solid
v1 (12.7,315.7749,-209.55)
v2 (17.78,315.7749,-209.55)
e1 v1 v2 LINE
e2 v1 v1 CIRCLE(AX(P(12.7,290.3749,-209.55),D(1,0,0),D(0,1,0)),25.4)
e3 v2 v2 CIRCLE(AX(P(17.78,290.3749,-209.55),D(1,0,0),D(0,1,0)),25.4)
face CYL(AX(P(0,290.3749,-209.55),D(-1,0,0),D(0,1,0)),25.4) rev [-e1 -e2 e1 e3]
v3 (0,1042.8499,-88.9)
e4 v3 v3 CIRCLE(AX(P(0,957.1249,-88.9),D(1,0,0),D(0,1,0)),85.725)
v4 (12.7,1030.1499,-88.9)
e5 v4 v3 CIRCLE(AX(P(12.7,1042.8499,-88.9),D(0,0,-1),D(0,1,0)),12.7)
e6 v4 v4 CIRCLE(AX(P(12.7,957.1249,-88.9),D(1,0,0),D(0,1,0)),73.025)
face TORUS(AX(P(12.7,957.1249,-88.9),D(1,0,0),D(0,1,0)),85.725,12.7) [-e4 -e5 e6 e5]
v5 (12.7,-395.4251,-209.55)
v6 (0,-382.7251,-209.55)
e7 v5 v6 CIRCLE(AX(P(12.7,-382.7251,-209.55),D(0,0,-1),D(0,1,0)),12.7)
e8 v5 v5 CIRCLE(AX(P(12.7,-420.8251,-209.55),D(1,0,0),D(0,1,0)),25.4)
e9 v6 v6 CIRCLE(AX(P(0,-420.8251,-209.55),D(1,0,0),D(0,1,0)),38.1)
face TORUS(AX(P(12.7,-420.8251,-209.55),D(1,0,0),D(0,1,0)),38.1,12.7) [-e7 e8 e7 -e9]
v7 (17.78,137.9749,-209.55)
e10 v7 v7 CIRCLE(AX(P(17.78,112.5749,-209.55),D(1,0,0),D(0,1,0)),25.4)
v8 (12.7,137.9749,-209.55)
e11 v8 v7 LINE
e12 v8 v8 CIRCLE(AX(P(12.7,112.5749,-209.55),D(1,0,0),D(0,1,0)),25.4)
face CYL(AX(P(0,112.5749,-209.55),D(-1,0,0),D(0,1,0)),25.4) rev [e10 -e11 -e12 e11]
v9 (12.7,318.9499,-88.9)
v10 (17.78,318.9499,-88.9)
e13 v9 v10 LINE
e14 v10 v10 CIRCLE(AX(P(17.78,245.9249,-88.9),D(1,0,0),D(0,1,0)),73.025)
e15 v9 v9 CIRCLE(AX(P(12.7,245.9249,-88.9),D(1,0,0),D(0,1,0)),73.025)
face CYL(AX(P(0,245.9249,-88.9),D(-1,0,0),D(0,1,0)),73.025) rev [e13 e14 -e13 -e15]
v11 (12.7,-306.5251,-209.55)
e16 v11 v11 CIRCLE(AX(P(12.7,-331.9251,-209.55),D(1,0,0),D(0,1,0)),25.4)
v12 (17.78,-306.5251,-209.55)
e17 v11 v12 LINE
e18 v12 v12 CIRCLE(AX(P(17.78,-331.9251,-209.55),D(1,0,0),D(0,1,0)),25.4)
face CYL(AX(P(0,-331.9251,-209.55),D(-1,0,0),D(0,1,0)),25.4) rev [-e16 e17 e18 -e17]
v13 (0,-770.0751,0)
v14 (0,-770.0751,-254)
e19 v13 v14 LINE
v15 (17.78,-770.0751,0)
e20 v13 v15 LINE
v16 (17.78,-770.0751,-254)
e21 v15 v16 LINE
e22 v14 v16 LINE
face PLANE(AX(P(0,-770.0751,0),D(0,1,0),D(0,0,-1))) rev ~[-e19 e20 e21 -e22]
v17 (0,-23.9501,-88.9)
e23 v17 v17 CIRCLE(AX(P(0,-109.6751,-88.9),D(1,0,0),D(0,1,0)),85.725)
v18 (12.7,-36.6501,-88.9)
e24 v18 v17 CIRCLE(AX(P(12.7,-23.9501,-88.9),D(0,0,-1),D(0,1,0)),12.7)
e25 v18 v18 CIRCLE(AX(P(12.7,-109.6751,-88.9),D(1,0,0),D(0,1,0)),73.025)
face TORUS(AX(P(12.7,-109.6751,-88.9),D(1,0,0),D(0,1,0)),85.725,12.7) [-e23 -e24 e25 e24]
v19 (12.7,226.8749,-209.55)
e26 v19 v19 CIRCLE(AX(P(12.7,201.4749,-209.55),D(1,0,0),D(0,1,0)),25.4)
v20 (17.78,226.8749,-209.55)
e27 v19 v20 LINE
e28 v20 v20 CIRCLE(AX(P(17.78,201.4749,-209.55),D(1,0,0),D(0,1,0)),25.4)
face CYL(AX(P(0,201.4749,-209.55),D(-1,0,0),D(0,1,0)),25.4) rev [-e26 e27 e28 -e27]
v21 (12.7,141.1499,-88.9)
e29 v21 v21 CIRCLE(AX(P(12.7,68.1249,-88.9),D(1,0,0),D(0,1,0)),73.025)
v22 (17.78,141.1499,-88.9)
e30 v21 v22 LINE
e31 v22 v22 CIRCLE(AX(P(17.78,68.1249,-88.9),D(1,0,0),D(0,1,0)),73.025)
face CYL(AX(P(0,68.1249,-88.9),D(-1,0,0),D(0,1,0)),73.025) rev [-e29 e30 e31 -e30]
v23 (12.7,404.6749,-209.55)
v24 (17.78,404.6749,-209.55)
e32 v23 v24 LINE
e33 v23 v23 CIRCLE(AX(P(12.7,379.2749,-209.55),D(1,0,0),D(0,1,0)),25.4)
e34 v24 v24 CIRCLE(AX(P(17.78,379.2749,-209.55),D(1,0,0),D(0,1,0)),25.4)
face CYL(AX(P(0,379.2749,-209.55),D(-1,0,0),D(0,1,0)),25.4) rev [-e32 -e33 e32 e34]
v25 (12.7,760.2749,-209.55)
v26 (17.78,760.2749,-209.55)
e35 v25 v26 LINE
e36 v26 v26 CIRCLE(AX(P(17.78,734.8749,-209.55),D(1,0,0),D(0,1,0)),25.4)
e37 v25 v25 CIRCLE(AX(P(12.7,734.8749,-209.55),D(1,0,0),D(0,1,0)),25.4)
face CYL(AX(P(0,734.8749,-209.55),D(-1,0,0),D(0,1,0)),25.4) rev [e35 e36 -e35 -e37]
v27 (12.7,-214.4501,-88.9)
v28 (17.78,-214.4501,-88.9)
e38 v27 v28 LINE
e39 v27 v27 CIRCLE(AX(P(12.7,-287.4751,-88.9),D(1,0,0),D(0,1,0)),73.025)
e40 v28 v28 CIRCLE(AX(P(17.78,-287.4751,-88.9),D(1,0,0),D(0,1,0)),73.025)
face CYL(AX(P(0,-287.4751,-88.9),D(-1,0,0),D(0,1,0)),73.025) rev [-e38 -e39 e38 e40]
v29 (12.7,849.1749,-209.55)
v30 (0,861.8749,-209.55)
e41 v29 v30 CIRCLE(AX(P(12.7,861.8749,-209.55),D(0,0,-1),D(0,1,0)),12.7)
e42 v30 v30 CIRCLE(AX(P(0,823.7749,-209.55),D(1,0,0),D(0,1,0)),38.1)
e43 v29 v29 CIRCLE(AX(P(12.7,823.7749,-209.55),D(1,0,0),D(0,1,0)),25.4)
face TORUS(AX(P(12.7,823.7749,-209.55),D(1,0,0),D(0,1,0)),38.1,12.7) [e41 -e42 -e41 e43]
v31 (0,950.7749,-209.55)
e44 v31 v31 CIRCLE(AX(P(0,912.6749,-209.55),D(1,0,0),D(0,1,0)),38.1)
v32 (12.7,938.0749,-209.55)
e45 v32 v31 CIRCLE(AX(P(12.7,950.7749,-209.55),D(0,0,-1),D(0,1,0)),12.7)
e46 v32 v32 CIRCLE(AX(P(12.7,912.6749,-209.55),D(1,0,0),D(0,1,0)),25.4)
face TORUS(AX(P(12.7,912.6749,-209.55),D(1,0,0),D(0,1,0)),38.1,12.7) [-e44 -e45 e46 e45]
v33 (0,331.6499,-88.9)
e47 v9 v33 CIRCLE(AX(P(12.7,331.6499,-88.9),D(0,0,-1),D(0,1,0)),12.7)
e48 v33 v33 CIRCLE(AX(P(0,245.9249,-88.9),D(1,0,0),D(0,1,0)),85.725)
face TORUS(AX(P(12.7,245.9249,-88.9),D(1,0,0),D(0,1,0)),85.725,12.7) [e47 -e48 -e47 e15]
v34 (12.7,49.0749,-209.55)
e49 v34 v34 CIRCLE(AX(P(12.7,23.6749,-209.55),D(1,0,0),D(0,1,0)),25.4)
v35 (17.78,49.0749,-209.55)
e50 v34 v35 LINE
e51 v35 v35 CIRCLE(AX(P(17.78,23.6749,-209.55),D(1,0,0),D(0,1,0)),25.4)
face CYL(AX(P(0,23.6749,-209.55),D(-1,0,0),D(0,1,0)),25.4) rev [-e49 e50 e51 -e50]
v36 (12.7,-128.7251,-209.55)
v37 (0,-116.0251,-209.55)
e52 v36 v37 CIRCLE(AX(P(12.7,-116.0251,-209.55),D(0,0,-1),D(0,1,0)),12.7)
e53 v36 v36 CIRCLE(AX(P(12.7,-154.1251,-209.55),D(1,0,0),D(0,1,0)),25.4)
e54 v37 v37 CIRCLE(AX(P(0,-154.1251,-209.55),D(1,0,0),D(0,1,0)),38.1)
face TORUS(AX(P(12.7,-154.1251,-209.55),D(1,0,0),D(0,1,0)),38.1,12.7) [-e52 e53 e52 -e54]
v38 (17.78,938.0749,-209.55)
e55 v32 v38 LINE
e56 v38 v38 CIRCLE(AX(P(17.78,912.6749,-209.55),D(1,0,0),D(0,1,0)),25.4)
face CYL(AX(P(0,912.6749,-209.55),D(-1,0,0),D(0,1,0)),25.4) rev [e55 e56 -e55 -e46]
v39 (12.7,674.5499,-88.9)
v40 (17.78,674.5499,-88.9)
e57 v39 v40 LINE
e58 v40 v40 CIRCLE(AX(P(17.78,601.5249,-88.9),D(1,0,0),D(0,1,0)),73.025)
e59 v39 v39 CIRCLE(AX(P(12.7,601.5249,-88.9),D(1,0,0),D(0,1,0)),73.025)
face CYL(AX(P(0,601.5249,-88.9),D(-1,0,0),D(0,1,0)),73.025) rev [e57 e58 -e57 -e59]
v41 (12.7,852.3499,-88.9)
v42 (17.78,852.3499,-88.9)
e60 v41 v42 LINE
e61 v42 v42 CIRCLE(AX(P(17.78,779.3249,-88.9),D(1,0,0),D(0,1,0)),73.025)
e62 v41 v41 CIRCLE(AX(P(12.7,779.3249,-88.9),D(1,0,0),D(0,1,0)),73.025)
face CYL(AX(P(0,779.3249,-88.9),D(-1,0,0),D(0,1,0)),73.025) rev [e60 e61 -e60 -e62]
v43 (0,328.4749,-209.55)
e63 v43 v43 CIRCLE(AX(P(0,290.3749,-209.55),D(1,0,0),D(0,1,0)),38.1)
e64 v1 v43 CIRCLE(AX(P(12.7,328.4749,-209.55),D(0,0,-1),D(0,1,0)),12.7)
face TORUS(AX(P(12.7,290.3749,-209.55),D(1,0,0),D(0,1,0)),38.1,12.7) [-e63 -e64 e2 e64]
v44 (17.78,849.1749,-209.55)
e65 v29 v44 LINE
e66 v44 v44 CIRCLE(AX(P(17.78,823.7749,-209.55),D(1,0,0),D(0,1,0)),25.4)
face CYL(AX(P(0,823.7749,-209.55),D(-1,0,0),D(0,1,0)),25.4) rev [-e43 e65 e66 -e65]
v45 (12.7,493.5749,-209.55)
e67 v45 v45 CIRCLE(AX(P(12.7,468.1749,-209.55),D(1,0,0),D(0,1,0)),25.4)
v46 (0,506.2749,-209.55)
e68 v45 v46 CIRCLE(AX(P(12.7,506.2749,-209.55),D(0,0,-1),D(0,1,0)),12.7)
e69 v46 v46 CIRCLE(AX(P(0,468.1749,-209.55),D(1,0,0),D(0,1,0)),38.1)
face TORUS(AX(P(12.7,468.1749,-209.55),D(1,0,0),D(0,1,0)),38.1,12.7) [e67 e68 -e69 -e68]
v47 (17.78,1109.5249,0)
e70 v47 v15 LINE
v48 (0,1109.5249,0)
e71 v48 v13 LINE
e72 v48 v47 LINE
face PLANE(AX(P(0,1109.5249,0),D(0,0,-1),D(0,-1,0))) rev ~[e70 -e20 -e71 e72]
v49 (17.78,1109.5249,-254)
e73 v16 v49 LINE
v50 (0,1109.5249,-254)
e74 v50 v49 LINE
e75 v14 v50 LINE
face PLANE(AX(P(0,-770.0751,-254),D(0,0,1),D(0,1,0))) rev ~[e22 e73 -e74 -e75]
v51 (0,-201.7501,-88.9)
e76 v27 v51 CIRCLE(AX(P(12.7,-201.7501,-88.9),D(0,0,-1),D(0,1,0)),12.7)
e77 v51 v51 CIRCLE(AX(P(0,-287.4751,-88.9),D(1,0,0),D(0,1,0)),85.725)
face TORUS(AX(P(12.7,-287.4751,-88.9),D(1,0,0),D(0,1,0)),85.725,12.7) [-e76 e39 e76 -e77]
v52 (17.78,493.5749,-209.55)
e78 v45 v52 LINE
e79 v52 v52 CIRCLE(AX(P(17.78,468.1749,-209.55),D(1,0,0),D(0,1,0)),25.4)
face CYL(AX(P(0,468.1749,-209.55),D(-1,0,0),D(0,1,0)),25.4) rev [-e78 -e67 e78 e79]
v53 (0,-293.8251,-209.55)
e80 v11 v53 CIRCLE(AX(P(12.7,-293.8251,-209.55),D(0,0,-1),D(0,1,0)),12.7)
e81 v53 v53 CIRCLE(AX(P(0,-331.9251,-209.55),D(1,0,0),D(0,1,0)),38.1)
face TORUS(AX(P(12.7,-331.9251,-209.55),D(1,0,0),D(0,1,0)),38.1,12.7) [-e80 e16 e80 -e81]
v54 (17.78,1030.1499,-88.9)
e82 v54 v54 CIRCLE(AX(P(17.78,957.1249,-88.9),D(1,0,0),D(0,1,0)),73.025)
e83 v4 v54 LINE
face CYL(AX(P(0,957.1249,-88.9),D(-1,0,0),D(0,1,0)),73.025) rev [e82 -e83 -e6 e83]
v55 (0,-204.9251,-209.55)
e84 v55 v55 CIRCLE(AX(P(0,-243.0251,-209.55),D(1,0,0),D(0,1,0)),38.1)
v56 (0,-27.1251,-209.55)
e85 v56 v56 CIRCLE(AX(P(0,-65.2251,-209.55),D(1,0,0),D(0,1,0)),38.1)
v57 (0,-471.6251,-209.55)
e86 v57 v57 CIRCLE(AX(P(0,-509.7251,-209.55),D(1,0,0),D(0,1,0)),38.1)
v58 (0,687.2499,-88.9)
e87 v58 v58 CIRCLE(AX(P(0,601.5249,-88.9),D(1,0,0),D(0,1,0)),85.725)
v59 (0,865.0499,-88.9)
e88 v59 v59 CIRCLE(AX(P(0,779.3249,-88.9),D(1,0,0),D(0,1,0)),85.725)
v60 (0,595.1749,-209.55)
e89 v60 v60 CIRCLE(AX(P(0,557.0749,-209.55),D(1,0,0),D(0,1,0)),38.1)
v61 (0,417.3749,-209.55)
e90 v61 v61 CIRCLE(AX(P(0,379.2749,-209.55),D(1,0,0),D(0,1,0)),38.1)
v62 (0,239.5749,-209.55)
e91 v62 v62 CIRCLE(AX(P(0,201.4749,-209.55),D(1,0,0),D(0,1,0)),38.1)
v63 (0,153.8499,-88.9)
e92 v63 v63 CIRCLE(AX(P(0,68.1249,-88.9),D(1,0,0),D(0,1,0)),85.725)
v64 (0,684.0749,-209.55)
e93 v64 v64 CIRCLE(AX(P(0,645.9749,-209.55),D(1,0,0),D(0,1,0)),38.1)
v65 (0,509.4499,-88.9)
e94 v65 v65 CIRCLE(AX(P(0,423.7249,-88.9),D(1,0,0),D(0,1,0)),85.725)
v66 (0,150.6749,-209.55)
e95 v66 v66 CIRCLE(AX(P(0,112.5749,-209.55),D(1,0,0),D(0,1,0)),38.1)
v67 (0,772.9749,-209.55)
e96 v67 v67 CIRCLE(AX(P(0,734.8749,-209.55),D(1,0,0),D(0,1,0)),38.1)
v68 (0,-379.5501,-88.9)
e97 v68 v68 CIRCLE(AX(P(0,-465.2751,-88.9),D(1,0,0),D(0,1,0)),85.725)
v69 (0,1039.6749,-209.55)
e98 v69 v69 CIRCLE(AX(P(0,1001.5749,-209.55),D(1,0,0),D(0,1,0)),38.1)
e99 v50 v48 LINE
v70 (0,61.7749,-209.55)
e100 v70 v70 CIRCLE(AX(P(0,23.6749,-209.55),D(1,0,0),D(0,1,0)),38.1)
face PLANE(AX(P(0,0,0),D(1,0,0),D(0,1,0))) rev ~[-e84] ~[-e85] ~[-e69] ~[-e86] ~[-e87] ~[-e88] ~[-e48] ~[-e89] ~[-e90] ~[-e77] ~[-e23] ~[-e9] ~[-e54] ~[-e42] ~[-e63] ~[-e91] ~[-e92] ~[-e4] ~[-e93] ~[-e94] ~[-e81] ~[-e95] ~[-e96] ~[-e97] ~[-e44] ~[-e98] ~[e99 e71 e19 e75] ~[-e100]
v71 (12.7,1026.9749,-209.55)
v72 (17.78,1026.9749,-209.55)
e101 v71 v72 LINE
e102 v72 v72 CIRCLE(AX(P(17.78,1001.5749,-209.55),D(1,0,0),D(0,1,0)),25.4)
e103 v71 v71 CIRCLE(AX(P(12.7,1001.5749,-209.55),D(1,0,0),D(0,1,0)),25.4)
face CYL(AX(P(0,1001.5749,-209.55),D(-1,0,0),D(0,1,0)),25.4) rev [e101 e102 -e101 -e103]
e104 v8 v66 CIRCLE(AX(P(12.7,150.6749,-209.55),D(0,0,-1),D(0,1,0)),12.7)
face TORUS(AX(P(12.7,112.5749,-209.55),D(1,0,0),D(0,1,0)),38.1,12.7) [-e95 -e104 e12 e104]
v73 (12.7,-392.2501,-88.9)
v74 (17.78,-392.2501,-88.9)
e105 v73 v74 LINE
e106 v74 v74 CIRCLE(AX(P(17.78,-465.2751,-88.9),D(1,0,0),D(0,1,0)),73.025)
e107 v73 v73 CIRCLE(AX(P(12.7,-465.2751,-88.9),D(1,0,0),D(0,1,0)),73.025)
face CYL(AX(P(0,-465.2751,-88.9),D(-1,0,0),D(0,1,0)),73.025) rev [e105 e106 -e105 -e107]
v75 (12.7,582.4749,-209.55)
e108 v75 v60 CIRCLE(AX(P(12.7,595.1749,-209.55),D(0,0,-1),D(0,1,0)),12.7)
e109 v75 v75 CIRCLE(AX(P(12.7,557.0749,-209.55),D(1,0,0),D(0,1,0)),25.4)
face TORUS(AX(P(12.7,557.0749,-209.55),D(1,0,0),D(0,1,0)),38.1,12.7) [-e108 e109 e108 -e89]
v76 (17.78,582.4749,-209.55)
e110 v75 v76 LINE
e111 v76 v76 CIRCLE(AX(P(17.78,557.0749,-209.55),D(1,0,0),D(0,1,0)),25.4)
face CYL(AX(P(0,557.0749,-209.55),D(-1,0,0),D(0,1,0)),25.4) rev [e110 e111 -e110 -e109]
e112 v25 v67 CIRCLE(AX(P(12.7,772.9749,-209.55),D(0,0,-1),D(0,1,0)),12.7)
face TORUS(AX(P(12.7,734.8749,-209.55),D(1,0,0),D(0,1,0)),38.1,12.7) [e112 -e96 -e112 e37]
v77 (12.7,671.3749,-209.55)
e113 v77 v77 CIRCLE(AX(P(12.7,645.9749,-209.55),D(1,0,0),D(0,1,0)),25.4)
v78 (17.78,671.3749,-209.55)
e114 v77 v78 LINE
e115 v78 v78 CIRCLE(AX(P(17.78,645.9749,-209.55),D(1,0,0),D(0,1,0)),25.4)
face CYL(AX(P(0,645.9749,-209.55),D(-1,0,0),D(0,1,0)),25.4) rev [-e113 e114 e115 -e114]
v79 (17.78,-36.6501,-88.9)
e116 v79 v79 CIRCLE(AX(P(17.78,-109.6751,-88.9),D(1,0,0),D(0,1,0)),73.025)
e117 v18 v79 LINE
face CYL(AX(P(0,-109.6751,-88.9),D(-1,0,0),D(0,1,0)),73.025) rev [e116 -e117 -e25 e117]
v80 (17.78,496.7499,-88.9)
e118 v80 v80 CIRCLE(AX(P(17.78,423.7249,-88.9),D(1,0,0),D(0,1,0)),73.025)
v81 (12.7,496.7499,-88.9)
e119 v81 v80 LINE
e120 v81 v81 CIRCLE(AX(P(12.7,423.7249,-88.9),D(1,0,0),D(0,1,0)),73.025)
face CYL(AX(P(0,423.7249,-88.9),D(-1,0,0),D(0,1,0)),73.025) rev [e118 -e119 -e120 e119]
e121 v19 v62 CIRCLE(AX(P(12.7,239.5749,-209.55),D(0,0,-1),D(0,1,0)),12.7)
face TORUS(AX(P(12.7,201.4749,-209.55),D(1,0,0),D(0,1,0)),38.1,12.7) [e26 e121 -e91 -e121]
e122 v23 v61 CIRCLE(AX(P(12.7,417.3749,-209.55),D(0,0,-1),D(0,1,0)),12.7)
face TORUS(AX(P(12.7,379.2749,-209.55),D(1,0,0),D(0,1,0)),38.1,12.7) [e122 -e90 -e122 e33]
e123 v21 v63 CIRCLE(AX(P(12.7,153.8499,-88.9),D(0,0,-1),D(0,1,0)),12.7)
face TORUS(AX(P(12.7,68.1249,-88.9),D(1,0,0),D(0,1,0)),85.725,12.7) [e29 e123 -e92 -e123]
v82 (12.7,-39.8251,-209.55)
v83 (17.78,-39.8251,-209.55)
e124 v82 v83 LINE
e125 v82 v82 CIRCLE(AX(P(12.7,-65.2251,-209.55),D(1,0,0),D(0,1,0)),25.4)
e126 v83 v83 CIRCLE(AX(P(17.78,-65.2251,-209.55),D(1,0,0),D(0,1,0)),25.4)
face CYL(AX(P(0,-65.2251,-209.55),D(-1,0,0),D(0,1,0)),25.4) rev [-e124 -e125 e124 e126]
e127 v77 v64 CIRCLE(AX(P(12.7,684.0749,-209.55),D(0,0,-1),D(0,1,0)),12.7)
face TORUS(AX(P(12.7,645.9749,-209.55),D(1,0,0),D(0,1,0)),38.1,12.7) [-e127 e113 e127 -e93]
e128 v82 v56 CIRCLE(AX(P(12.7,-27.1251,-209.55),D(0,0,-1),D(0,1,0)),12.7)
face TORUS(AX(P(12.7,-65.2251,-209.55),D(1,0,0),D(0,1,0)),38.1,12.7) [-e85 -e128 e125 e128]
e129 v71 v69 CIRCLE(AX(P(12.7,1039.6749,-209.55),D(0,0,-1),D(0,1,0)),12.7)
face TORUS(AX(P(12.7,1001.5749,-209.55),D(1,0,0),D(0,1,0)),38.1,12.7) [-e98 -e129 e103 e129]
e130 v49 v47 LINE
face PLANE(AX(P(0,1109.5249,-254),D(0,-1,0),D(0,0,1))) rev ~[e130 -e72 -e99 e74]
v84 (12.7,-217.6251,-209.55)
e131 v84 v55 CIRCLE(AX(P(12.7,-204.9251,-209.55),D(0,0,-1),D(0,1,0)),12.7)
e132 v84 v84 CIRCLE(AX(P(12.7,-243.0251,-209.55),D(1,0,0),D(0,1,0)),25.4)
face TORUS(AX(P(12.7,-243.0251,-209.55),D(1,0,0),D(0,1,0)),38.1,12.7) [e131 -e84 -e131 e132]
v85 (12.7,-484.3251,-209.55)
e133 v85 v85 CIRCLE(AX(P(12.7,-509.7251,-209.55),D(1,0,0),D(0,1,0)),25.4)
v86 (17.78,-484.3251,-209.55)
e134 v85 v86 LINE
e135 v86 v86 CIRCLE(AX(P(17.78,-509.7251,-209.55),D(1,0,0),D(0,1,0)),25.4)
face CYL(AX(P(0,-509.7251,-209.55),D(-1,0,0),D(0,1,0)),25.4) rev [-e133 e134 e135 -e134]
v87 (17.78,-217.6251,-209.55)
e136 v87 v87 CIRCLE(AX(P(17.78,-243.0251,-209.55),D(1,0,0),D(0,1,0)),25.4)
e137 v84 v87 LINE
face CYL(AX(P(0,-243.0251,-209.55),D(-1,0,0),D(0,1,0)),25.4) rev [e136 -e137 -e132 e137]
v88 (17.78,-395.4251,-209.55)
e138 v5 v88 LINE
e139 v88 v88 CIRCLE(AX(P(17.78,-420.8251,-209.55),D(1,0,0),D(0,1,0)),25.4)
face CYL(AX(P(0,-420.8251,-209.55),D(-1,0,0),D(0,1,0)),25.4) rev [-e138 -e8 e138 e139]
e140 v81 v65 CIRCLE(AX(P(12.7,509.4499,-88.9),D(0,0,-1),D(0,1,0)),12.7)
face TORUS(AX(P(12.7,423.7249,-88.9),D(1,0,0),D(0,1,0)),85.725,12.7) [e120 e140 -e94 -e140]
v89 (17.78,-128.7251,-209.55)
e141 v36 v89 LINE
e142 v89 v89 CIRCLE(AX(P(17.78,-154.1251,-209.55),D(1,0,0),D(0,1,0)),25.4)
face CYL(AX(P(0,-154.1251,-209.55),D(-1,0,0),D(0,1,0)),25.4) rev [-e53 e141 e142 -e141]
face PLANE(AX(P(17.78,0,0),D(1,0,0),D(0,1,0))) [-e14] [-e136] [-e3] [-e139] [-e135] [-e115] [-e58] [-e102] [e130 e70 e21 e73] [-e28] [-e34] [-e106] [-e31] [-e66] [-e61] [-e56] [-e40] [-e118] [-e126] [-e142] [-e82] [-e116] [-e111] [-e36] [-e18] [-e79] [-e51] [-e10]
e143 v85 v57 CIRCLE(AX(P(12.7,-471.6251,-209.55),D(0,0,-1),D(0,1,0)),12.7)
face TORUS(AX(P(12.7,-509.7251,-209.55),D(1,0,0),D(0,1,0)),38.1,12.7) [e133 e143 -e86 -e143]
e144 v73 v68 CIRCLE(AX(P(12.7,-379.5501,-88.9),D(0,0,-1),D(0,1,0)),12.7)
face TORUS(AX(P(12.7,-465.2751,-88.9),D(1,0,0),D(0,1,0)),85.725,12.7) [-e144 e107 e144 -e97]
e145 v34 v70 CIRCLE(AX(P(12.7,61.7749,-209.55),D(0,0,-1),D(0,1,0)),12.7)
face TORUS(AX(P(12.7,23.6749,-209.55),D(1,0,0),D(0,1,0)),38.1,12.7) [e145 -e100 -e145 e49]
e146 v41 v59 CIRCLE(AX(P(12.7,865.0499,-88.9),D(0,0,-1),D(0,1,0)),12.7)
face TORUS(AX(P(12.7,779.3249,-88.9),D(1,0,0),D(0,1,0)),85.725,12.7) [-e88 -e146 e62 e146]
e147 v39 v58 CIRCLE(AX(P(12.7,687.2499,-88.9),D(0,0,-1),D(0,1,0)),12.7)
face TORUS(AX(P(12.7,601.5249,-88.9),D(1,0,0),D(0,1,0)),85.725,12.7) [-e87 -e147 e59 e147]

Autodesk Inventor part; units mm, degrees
ref_plane "YZ Plane" through (0, 0, 0) normal (1, 0, 0) x (0, 1, 0)
ref_plane "XZ Plane" through (0, 0, 0) normal (0, 1, 0) x (-1, 0, 0)
ref_plane "XY Plane" through (0, 0, 0) normal (0, 0, 1) x (1, 0, 0)
sketch "Sketch1" plane through (0, 0, 0) normal (1, 0, 0) x (0, 1, 0)
  line L0 (1109.5249, 0) -> (-770.0751, 0)
  line L1 (-770.0751, 0) -> (-770.0751, -254)
  line L2 (-770.0751, -254) -> (1109.5249, -254)
  line L3 (1109.5249, -254) -> (1109.5249, 0)
  circle A0 centre (-465.2751, -88.9) radius 73.025
  circle A1 centre (-509.7251, -209.55) radius 25.4
  circle A2 centre (-420.8251, -209.55) radius 25.4
  circle A3 centre (-287.4751, -88.9) radius 73.025
  circle A4 centre (-331.9251, -209.55) radius 25.4
  circle A5 centre (-243.0251, -209.55) radius 25.4
  circle A6 centre (-109.6751, -88.9) radius 73.025
  circle A7 centre (-154.1251, -209.55) radius 25.4
  circle A8 centre (-65.2251, -209.55) radius 25.4
  circle A9 centre (68.1249, -88.9) radius 73.025
  circle A10 centre (23.6749, -209.55) radius 25.4
  circle A11 centre (112.5749, -209.55) radius 25.4
  circle A12 centre (245.9249, -88.9) radius 73.025
  circle A13 centre (201.4749, -209.55) radius 25.4
  circle A14 centre (290.3749, -209.55) radius 25.4
  circle A15 centre (423.7249, -88.9) radius 73.025
  circle A16 centre (379.2749, -209.55) radius 25.4
  circle A17 centre (468.1749, -209.55) radius 25.4
  circle A18 centre (601.5249, -88.9) radius 73.025
  circle A19 centre (557.0749, -209.55) radius 25.4
  circle A20 centre (645.9749, -209.55) radius 25.4
  circle A21 centre (779.3249, -88.9) radius 73.025
  circle A22 centre (734.8749, -209.55) radius 25.4
  circle A23 centre (823.7749, -209.55) radius 25.4
  circle A24 centre (957.1249, -88.9) radius 73.025
  circle A25 centre (912.6749, -209.55) radius 25.4
  circle A26 centre (1001.5749, -209.55) radius 25.4
  point P0 (0, 0)
  point P1 (-163.267, 0)
  dimension "d0" = 254
  dimension "d1" = 1879.6
  dimension "d10" = 146.05
  dimension "d16" = 50.8
  dimension "d20" = 304.8
  dimension "d21" = 44.45
  dimension "d22" = 120.65
  dimension "d24" = 88.9
  dimension "d25" = 50.8
  dimension "d26" = 88.9
  dimension "d27" = 120.65
  dimension "d30" = 177.8
extrude "Extrusion1" add sketch "Sketch1" along normal blind 17.78
fillet "Fillet1" radius 12.7 27 edges at (0, 884.0999, -88.9) (0, 706.2999, -88.9) (0, 528.4999, -88.9) (0, 350.6999, -88.9) (0, 172.8999, -88.9) (0, -4.9001, -88.9) (0, -182.7001, -88.9) (0, -360.5001, -88.9) (0, -538.3001, -88.9) (0, -357.3251, -209.55) (0, -446.2251, -209.55) (0, -535.1251, -209.55) (0, -268.4251, -209.55) (0, -179.5251, -209.55) (0, -90.6251, -209.55) (0, -1.7251, -209.55) (0, 87.1749, -209.55) (0, 176.0749, -209.55) (0, 264.9749, -209.55) (0, 353.8749, -209.55) (0, 442.7749, -209.55) (0, 531.6749, -209.55) (0, 620.5749, -209.55) (0, 709.4749, -209.55) (0, 798.3749, -209.55) (0, 887.2749, -209.55) (0, 976.1749, -209.55)
properties part number "speakerfront"
